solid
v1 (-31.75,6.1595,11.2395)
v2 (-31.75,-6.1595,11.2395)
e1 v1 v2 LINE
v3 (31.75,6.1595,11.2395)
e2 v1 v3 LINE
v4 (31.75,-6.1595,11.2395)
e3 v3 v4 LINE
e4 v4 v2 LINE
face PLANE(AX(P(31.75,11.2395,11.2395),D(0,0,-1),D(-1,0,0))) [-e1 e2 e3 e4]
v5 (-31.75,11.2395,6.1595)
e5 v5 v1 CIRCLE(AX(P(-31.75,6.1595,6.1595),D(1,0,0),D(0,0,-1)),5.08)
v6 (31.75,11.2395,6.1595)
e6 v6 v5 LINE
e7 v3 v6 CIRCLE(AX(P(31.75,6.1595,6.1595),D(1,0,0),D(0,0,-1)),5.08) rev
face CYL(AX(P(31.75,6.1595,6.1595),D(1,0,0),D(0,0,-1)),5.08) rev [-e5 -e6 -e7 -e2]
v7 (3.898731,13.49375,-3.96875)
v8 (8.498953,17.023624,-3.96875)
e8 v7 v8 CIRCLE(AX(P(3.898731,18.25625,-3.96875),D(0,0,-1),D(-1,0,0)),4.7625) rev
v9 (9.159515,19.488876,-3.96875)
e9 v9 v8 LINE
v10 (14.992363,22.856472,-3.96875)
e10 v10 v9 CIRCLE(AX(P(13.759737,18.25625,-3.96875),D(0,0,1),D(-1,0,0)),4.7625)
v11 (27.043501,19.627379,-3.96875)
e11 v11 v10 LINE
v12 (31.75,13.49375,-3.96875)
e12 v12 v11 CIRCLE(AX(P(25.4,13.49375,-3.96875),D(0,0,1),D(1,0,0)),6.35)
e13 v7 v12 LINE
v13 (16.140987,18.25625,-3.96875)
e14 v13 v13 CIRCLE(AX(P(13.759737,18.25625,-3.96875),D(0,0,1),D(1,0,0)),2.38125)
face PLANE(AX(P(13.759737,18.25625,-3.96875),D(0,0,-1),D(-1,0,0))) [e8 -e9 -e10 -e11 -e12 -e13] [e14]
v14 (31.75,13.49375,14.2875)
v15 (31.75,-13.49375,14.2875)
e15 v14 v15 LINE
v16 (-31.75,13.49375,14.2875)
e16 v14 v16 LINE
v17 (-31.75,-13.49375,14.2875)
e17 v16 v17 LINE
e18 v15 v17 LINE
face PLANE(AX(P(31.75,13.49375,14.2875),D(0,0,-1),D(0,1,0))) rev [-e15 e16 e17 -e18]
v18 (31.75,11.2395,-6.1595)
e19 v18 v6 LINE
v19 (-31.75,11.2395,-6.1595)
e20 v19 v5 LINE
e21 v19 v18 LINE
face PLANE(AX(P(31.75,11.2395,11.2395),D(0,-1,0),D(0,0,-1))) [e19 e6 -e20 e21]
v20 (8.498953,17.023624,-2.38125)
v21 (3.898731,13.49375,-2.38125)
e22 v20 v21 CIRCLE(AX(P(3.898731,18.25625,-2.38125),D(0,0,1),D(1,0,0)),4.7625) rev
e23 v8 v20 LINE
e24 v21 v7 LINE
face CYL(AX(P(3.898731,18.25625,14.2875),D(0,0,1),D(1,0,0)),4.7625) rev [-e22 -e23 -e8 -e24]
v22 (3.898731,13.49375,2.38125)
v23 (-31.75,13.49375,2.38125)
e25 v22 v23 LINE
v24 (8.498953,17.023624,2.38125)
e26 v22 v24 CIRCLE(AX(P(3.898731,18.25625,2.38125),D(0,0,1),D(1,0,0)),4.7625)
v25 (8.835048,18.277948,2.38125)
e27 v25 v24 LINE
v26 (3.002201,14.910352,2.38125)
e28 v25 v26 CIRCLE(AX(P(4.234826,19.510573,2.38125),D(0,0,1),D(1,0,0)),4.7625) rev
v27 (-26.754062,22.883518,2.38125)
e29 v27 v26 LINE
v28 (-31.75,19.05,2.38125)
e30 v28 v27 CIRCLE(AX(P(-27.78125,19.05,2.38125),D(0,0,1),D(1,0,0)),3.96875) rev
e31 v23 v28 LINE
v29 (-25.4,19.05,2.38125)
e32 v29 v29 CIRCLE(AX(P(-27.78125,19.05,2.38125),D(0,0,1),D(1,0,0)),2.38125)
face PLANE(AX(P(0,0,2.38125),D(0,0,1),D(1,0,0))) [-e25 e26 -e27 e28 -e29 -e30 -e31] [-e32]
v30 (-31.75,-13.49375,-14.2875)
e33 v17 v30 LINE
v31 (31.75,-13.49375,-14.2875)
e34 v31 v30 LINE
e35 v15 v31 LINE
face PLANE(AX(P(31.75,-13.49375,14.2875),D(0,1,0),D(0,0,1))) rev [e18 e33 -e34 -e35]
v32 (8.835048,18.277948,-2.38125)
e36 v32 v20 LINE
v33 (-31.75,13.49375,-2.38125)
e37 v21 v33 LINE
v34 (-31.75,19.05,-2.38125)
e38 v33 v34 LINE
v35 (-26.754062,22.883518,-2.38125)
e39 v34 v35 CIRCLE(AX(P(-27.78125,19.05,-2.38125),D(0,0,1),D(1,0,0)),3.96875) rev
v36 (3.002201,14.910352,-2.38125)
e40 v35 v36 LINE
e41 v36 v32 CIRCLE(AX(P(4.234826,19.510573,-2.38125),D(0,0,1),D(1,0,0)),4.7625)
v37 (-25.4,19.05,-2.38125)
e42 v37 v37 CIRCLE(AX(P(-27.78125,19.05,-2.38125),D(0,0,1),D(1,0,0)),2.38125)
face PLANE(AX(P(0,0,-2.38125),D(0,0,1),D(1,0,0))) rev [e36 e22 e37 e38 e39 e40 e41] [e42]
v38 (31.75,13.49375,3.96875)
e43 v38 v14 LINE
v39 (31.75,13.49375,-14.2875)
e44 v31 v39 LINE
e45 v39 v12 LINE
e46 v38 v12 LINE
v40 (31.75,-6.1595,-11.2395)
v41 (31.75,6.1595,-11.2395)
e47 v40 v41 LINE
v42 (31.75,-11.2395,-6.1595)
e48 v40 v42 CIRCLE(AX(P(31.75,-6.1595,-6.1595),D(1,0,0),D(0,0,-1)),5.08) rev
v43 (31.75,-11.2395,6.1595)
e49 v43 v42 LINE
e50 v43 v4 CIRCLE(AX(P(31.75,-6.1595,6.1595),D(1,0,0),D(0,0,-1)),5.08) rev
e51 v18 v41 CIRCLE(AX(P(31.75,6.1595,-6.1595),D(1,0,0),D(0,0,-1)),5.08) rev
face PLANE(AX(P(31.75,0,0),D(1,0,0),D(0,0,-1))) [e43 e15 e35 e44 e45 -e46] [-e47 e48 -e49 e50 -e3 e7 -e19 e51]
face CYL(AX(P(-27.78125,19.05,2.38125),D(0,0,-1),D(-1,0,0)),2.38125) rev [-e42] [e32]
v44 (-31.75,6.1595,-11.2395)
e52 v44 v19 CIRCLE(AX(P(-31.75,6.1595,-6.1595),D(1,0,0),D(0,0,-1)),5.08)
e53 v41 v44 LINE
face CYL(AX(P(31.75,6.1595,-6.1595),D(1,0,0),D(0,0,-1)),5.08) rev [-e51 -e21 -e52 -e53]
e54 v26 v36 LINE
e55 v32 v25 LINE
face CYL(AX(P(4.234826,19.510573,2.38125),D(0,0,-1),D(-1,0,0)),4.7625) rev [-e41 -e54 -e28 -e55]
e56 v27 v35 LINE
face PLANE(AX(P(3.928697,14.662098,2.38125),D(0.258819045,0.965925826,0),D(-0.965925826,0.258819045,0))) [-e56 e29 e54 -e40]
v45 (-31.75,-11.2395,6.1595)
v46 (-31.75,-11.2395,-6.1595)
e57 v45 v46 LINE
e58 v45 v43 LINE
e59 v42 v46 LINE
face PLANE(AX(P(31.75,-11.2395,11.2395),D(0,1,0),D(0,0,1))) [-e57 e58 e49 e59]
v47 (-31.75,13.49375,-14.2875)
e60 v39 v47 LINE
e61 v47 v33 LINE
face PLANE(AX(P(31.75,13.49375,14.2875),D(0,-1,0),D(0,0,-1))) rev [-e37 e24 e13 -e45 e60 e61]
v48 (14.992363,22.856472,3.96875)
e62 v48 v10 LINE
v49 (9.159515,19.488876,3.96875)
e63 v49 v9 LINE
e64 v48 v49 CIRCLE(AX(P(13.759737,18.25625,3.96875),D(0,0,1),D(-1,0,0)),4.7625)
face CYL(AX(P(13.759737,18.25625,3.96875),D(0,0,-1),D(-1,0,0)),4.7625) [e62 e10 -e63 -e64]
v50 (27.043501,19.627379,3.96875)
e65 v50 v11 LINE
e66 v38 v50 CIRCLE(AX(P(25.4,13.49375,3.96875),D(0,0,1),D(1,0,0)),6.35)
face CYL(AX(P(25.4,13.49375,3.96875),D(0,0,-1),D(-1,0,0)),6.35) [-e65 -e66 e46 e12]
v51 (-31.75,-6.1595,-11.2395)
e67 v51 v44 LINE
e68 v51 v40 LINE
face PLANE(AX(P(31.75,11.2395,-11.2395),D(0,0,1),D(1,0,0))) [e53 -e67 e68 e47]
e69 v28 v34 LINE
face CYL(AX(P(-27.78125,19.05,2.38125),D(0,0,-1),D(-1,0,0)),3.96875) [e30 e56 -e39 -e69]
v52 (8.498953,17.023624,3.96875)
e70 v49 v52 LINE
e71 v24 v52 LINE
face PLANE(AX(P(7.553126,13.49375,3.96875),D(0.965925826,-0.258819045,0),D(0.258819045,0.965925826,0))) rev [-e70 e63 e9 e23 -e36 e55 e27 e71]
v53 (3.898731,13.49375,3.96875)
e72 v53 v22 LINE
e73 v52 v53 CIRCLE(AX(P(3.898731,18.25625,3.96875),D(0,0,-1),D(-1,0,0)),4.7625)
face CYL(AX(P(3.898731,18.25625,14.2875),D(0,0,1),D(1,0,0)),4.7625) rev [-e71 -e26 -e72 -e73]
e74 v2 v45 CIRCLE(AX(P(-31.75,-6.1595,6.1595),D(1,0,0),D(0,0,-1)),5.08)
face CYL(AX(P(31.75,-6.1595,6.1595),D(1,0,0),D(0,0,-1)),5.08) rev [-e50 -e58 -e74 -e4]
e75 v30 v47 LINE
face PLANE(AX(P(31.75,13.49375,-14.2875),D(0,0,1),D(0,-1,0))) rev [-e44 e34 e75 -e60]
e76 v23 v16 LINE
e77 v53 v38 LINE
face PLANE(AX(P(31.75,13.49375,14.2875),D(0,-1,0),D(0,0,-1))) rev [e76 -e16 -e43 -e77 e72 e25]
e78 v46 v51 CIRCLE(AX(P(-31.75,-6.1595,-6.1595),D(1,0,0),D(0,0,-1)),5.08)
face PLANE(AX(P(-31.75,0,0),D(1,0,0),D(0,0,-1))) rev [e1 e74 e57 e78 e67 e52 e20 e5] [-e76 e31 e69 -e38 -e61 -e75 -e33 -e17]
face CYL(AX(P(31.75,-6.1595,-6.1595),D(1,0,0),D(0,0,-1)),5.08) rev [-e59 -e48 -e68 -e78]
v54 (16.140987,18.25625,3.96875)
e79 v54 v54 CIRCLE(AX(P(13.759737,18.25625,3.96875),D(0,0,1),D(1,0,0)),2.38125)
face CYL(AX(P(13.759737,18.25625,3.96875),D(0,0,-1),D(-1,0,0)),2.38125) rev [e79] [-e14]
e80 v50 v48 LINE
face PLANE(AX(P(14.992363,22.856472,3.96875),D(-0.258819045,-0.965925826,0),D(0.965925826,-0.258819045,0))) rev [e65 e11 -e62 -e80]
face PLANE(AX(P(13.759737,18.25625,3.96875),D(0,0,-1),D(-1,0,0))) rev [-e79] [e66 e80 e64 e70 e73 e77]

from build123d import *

# Parameters (mm, degrees)
SKETCH1_W           = 28.575
SKETCH1_H           = 26.9875
SKETCH1_W_2         = 22.479
SKETCH1_H_2         = 22.479
BOSS_EXTRUDE1_DEPTH = 31.75
FILLET1_R           = 5.08
SKETCH2_R           = 2.38125
BOSS_EXTRUDE2_DEPTH = 3.96875
SKETCH3_R           = 2.38125
BOSS_EXTRUDE3_DEPTH = 2.38125
FILLET2_R           = 4.7625
FILLET3_R           = 4.7625


with BuildPart() as part:
    # Sketch1 → Boss-Extrude1 (new body, symmetric)
    with BuildSketch(Plane(origin=(0, 0, 0), x_dir=(0, 0, -1), z_dir=(1, 0, 0))):
        Rectangle(SKETCH1_W, SKETCH1_H)
        Rectangle(SKETCH1_W_2, SKETCH1_H_2, mode=Mode.SUBTRACT)
    extrude(amount=BOSS_EXTRUDE1_DEPTH, both=True)

    # Fillet1
    fillet1_edges = [part.edges().sort_by_distance(p)[0] for p in [
        (0, -11.2395, -11.2395),
        (0, 11.2395, -11.2395),
        (0, 11.2395, 11.2395),
        (0, -11.2395, 11.2395),
    ]]
    fillet(fillet1_edges, radius=FILLET1_R)

    # Sketch2 → Boss-Extrude2 (add, symmetric)
    with BuildSketch(Plane.XY):
        with BuildLine():
            Line((7.553126188, 13.49375), (9.159515278, 19.488875702))
            ThreePointArc((9.159515278, 19.488875702), (11.378487026, 22.380695986), (14.992362728, 22.856471748))
            Line((14.992362728, 22.856471748), (27.043500936, 19.627378997))
            ThreePointArc((27.043500936, 19.627378997), (30.437793711, 17.359385074), (31.75, 13.49375))
            Line((31.75, 13.49375), (7.553126188, 13.49375))
        make_face()
        with Locations((13.759737026, 18.25625)):
            Circle(SKETCH2_R, mode=Mode.SUBTRACT)
    extrude(amount=BOSS_EXTRUDE2_DEPTH, both=True)

    # Sketch3 → Boss-Extrude3 (add, symmetric)
    with BuildSketch(Plane.XY):
        with BuildLine():
            ThreePointArc((-31.75, 19.05), (-30.197271921, 22.198621069), (-26.754061915, 22.883518123))
            Line((-26.754061915, 22.883518123), (7.602422382, 13.677725901))
            Line((7.602422382, 13.677725901), (7.553126188, 13.49375))
            Line((7.553126188, 13.49375), (-31.75, 13.49375))
            Line((-31.75, 13.49375), (-31.75, 19.05))
        make_face()
        with Locations((-27.78125, 19.05)):
            Circle(SKETCH3_R, mode=Mode.SUBTRACT)
    extrude(amount=BOSS_EXTRUDE3_DEPTH, both=True)

    # Fillet2
    fillet2_edges = [part.edges().sort_by_distance(p)[0] for p in [
        (7.602422382, 13.677725901, 0),
    ]]
    fillet(fillet2_edges, radius=FILLET2_R)

    # Fillet3
    fillet3_edges = [part.edges().sort_by_distance(p)[0] for p in [
        (7.553126188, 13.49375, 3.175),
        (7.553126188, 13.49375, -3.175),
    ]]
    fillet(fillet3_edges, radius=FILLET3_R)


solid = part.part
